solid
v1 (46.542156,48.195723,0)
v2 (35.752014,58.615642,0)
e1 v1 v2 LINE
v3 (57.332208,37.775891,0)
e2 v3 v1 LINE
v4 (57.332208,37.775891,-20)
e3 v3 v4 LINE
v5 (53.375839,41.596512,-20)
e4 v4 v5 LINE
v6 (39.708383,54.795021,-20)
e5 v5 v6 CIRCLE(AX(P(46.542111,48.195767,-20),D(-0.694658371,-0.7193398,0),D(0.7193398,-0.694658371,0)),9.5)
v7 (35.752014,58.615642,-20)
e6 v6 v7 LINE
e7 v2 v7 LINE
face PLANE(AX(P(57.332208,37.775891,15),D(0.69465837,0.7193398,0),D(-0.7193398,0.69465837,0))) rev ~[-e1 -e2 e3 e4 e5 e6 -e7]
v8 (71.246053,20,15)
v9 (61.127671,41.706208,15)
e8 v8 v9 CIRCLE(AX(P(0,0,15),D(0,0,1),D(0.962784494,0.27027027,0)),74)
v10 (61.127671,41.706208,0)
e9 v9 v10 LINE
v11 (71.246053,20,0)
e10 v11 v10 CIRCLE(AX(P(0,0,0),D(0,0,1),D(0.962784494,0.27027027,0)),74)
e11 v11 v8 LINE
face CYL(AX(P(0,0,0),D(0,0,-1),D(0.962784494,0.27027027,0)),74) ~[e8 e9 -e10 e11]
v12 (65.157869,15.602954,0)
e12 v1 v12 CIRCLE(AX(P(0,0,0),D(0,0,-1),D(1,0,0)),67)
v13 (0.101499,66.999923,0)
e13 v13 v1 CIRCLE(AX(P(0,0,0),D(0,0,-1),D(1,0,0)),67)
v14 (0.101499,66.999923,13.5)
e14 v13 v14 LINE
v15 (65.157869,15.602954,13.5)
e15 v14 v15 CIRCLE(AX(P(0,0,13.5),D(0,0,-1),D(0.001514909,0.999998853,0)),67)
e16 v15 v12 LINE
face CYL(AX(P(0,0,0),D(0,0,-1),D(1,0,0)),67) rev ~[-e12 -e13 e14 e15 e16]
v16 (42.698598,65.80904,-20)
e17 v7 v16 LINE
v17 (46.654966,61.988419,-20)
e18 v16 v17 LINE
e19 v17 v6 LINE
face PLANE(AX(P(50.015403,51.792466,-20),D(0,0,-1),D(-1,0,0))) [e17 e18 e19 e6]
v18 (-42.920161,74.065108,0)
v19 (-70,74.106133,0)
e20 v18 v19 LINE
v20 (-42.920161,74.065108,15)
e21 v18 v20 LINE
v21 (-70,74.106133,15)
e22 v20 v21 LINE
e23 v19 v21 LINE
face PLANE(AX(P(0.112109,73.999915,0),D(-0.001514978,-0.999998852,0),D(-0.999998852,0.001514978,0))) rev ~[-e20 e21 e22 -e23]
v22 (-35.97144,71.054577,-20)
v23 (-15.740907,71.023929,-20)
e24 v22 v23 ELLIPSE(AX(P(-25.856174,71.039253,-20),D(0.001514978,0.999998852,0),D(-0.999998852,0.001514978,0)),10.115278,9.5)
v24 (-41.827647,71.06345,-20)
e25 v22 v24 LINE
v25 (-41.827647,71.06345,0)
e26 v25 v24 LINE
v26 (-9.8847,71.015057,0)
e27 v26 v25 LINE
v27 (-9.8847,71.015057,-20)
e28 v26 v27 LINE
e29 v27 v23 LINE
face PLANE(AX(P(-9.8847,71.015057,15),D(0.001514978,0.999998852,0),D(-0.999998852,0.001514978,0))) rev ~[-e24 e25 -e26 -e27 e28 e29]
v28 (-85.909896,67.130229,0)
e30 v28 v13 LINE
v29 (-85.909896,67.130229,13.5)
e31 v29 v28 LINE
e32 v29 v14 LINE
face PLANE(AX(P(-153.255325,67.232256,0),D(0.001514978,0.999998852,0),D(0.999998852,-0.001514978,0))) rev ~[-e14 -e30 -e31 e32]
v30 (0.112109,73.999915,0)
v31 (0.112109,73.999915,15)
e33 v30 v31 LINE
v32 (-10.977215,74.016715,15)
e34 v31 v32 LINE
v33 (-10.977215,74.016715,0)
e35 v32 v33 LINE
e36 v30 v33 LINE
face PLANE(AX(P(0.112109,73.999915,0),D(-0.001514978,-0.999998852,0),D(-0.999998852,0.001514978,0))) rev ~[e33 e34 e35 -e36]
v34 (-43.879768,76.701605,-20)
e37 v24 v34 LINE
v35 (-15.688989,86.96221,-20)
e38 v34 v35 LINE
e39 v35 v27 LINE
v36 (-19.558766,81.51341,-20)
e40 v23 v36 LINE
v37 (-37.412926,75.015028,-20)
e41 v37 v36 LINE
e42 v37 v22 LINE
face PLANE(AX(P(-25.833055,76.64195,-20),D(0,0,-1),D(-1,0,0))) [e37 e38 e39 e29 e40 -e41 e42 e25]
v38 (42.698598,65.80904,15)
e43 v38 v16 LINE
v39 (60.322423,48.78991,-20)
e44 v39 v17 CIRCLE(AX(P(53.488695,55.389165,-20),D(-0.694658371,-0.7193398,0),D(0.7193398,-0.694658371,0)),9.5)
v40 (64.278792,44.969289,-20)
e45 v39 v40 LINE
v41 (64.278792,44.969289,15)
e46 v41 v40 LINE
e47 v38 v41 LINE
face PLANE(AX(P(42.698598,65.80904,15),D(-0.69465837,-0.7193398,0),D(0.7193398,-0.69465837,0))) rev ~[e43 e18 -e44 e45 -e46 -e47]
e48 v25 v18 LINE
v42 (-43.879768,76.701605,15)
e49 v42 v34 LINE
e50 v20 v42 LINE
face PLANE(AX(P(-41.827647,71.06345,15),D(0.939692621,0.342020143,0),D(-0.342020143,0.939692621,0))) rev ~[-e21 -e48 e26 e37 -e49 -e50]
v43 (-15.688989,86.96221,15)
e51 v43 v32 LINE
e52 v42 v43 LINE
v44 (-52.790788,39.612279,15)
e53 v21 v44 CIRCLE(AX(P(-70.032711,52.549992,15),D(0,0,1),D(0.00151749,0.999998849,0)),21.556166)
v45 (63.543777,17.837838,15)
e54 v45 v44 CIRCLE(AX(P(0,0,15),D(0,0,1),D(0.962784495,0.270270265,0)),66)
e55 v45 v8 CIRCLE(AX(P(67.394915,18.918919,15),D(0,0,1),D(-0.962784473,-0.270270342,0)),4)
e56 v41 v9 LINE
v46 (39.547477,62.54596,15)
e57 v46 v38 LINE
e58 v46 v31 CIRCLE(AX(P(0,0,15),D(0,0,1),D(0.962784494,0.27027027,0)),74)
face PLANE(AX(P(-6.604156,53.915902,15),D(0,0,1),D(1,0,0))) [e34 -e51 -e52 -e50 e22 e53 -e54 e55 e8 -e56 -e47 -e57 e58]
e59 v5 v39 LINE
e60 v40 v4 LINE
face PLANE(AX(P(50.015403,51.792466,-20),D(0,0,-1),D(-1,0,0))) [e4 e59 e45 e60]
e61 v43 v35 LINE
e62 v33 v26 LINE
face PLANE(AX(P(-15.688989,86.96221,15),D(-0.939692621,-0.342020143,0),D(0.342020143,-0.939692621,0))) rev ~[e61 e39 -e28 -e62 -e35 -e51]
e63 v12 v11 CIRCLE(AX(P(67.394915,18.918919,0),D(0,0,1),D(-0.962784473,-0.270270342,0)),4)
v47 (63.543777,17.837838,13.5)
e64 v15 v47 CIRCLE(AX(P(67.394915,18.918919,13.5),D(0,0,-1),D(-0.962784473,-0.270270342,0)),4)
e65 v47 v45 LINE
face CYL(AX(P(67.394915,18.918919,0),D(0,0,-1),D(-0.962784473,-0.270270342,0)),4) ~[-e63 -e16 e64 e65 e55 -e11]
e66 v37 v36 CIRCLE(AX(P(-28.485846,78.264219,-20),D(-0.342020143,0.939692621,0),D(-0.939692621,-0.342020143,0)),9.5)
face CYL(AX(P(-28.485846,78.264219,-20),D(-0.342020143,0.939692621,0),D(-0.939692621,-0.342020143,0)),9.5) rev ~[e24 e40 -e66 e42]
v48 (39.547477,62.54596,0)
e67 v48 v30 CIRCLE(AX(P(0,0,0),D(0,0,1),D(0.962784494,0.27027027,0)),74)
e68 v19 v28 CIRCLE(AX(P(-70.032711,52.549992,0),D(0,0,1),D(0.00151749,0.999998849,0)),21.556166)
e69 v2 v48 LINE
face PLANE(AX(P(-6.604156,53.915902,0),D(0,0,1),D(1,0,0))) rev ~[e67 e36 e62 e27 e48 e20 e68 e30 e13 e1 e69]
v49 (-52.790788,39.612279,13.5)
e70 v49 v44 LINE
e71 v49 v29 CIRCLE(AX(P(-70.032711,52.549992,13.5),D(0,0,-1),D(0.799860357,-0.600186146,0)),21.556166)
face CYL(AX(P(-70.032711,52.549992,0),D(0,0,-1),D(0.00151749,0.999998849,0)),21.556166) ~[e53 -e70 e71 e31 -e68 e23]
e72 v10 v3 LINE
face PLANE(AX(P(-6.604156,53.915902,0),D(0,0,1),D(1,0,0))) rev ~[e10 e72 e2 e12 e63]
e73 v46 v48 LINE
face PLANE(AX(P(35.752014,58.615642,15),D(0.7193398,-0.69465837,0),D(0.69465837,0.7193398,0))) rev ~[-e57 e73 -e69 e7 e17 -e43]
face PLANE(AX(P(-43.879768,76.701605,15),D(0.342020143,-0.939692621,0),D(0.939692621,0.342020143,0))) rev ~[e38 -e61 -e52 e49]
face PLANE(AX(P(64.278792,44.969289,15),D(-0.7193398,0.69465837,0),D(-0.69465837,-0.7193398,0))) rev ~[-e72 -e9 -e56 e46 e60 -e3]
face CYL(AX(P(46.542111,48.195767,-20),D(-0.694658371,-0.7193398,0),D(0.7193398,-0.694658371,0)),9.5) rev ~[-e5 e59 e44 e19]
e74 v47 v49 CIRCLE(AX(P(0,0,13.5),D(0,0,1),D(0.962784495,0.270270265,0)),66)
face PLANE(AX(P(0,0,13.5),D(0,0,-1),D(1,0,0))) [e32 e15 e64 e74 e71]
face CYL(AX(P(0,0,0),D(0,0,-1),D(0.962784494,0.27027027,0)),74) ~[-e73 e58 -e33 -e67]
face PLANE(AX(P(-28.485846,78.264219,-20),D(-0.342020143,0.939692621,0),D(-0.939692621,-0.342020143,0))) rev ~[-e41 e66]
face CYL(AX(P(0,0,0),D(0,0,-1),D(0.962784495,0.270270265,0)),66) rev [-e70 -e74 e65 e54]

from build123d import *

# Parameters (mm, degrees)
PAD_DEPTH       = 15
SKETCH002_R     = 67
POCKET_DEPTH    = 13.5
POCKET001_DEPTH = 13.5
PAD001_DEPTH    = 35
PAD002_DEPTH    = 35
SKETCH_R        = 9.5
POCKET002_DEPTH = 45.1514534441
SKETCH007_R     = 9.5
POCKET003_DEPTH = 93.6873432021


with BuildPart() as part:
    # Sketch001 → Pad (new body)
    with BuildSketch(Plane.XY):
        with BuildLine():
            ThreePointArc((71.2460525222, 20), (44.7436533058, 58.9406946756), (0.1121090023, 73.9999150781))
            Line((0.1121090023, 73.9999150781), (-70, 74.1061334774))
            ThreePointArc((-69.9999999999, 74.1061334774), (-89.3215614177, 42.9266570301), (-52.7907882568, 39.6122793491))
            ThreePointArc((63.5437766663, 17.8378375087), (12.1424161228, 64.8734285413), (-52.7907882568, 39.6122793491))
            ThreePointArc((63.5437766663, 17.8378375087), (68.4759958054, 15.0677809492), (71.2460525222, 20))
        make_face()
    extrude(amount=PAD_DEPTH)

    # Sketch002 → Pocket (cut)
    with BuildSketch(Plane(origin=(0, 0, 0), x_dir=(1, 0, 0), z_dir=(0, 0, -1))):
        Circle(SKETCH002_R)
    extrude(amount=-POCKET_DEPTH, mode=Mode.SUBTRACT)

    # Sketch003 → Pocket001 (cut)
    with BuildSketch(Plane(origin=(0, 0, 0), x_dir=(1, 0, 0), z_dir=(0, 0, -1))):
        Polygon((-153.2553251378, -67.2322555451), (0.1014988729, -66.9999231192), (-35.4631, 35.7409), align=None)
    extrude(amount=-POCKET001_DEPTH, mode=Mode.SUBTRACT)

    # Sketch005 → Pad001 (new body)
    with BuildSketch(Plane.XY.offset(15)):
        Polygon((35.7520138156, 58.6156421796), (42.6985975202, 65.809040183), (64.2787915304, 44.9692890692), (57.3322078258, 37.7758910658), align=None)
    extrude(amount=-PAD001_DEPTH)

    # Sketch006 → Pad002 (new body)
    with BuildSketch(Plane.XY.offset(15)):
        Polygon((-41.8276469497, 71.0634495008), (-43.8797678097, 76.7016052255), (-15.6889891861, 86.9622095253), (-9.8847001983, 71.0150565952), align=None)
    extrude(amount=-PAD002_DEPTH)

    # Sketch → Pocket002 (cut, through all)
    with BuildSketch(Plane(origin=(46.5421108207, 48.1957666227, 0), x_dir=(0.7193398003, -0.6946583705, 0), z_dir=(-0.6946583705, -0.7193398003, 0))):
        with Locations((0, -20)):
            Circle(SKETCH_R)
    extrude(amount=-POCKET002_DEPTH, mode=Mode.SUBTRACT)

    # Sketch007 → Pocket003 (cut, through all)
    with BuildSketch(Plane(origin=(-28.4858461346, 78.2642190287, 0), x_dir=(-0.9396926208, -0.3420201433, 0), z_dir=(-0.3420201433, 0.9396926208, 0))):
        with Locations((0, -20)):
            Circle(SKETCH007_R)
    extrude(amount=-POCKET003_DEPTH, mode=Mode.SUBTRACT)


solid = part.part
